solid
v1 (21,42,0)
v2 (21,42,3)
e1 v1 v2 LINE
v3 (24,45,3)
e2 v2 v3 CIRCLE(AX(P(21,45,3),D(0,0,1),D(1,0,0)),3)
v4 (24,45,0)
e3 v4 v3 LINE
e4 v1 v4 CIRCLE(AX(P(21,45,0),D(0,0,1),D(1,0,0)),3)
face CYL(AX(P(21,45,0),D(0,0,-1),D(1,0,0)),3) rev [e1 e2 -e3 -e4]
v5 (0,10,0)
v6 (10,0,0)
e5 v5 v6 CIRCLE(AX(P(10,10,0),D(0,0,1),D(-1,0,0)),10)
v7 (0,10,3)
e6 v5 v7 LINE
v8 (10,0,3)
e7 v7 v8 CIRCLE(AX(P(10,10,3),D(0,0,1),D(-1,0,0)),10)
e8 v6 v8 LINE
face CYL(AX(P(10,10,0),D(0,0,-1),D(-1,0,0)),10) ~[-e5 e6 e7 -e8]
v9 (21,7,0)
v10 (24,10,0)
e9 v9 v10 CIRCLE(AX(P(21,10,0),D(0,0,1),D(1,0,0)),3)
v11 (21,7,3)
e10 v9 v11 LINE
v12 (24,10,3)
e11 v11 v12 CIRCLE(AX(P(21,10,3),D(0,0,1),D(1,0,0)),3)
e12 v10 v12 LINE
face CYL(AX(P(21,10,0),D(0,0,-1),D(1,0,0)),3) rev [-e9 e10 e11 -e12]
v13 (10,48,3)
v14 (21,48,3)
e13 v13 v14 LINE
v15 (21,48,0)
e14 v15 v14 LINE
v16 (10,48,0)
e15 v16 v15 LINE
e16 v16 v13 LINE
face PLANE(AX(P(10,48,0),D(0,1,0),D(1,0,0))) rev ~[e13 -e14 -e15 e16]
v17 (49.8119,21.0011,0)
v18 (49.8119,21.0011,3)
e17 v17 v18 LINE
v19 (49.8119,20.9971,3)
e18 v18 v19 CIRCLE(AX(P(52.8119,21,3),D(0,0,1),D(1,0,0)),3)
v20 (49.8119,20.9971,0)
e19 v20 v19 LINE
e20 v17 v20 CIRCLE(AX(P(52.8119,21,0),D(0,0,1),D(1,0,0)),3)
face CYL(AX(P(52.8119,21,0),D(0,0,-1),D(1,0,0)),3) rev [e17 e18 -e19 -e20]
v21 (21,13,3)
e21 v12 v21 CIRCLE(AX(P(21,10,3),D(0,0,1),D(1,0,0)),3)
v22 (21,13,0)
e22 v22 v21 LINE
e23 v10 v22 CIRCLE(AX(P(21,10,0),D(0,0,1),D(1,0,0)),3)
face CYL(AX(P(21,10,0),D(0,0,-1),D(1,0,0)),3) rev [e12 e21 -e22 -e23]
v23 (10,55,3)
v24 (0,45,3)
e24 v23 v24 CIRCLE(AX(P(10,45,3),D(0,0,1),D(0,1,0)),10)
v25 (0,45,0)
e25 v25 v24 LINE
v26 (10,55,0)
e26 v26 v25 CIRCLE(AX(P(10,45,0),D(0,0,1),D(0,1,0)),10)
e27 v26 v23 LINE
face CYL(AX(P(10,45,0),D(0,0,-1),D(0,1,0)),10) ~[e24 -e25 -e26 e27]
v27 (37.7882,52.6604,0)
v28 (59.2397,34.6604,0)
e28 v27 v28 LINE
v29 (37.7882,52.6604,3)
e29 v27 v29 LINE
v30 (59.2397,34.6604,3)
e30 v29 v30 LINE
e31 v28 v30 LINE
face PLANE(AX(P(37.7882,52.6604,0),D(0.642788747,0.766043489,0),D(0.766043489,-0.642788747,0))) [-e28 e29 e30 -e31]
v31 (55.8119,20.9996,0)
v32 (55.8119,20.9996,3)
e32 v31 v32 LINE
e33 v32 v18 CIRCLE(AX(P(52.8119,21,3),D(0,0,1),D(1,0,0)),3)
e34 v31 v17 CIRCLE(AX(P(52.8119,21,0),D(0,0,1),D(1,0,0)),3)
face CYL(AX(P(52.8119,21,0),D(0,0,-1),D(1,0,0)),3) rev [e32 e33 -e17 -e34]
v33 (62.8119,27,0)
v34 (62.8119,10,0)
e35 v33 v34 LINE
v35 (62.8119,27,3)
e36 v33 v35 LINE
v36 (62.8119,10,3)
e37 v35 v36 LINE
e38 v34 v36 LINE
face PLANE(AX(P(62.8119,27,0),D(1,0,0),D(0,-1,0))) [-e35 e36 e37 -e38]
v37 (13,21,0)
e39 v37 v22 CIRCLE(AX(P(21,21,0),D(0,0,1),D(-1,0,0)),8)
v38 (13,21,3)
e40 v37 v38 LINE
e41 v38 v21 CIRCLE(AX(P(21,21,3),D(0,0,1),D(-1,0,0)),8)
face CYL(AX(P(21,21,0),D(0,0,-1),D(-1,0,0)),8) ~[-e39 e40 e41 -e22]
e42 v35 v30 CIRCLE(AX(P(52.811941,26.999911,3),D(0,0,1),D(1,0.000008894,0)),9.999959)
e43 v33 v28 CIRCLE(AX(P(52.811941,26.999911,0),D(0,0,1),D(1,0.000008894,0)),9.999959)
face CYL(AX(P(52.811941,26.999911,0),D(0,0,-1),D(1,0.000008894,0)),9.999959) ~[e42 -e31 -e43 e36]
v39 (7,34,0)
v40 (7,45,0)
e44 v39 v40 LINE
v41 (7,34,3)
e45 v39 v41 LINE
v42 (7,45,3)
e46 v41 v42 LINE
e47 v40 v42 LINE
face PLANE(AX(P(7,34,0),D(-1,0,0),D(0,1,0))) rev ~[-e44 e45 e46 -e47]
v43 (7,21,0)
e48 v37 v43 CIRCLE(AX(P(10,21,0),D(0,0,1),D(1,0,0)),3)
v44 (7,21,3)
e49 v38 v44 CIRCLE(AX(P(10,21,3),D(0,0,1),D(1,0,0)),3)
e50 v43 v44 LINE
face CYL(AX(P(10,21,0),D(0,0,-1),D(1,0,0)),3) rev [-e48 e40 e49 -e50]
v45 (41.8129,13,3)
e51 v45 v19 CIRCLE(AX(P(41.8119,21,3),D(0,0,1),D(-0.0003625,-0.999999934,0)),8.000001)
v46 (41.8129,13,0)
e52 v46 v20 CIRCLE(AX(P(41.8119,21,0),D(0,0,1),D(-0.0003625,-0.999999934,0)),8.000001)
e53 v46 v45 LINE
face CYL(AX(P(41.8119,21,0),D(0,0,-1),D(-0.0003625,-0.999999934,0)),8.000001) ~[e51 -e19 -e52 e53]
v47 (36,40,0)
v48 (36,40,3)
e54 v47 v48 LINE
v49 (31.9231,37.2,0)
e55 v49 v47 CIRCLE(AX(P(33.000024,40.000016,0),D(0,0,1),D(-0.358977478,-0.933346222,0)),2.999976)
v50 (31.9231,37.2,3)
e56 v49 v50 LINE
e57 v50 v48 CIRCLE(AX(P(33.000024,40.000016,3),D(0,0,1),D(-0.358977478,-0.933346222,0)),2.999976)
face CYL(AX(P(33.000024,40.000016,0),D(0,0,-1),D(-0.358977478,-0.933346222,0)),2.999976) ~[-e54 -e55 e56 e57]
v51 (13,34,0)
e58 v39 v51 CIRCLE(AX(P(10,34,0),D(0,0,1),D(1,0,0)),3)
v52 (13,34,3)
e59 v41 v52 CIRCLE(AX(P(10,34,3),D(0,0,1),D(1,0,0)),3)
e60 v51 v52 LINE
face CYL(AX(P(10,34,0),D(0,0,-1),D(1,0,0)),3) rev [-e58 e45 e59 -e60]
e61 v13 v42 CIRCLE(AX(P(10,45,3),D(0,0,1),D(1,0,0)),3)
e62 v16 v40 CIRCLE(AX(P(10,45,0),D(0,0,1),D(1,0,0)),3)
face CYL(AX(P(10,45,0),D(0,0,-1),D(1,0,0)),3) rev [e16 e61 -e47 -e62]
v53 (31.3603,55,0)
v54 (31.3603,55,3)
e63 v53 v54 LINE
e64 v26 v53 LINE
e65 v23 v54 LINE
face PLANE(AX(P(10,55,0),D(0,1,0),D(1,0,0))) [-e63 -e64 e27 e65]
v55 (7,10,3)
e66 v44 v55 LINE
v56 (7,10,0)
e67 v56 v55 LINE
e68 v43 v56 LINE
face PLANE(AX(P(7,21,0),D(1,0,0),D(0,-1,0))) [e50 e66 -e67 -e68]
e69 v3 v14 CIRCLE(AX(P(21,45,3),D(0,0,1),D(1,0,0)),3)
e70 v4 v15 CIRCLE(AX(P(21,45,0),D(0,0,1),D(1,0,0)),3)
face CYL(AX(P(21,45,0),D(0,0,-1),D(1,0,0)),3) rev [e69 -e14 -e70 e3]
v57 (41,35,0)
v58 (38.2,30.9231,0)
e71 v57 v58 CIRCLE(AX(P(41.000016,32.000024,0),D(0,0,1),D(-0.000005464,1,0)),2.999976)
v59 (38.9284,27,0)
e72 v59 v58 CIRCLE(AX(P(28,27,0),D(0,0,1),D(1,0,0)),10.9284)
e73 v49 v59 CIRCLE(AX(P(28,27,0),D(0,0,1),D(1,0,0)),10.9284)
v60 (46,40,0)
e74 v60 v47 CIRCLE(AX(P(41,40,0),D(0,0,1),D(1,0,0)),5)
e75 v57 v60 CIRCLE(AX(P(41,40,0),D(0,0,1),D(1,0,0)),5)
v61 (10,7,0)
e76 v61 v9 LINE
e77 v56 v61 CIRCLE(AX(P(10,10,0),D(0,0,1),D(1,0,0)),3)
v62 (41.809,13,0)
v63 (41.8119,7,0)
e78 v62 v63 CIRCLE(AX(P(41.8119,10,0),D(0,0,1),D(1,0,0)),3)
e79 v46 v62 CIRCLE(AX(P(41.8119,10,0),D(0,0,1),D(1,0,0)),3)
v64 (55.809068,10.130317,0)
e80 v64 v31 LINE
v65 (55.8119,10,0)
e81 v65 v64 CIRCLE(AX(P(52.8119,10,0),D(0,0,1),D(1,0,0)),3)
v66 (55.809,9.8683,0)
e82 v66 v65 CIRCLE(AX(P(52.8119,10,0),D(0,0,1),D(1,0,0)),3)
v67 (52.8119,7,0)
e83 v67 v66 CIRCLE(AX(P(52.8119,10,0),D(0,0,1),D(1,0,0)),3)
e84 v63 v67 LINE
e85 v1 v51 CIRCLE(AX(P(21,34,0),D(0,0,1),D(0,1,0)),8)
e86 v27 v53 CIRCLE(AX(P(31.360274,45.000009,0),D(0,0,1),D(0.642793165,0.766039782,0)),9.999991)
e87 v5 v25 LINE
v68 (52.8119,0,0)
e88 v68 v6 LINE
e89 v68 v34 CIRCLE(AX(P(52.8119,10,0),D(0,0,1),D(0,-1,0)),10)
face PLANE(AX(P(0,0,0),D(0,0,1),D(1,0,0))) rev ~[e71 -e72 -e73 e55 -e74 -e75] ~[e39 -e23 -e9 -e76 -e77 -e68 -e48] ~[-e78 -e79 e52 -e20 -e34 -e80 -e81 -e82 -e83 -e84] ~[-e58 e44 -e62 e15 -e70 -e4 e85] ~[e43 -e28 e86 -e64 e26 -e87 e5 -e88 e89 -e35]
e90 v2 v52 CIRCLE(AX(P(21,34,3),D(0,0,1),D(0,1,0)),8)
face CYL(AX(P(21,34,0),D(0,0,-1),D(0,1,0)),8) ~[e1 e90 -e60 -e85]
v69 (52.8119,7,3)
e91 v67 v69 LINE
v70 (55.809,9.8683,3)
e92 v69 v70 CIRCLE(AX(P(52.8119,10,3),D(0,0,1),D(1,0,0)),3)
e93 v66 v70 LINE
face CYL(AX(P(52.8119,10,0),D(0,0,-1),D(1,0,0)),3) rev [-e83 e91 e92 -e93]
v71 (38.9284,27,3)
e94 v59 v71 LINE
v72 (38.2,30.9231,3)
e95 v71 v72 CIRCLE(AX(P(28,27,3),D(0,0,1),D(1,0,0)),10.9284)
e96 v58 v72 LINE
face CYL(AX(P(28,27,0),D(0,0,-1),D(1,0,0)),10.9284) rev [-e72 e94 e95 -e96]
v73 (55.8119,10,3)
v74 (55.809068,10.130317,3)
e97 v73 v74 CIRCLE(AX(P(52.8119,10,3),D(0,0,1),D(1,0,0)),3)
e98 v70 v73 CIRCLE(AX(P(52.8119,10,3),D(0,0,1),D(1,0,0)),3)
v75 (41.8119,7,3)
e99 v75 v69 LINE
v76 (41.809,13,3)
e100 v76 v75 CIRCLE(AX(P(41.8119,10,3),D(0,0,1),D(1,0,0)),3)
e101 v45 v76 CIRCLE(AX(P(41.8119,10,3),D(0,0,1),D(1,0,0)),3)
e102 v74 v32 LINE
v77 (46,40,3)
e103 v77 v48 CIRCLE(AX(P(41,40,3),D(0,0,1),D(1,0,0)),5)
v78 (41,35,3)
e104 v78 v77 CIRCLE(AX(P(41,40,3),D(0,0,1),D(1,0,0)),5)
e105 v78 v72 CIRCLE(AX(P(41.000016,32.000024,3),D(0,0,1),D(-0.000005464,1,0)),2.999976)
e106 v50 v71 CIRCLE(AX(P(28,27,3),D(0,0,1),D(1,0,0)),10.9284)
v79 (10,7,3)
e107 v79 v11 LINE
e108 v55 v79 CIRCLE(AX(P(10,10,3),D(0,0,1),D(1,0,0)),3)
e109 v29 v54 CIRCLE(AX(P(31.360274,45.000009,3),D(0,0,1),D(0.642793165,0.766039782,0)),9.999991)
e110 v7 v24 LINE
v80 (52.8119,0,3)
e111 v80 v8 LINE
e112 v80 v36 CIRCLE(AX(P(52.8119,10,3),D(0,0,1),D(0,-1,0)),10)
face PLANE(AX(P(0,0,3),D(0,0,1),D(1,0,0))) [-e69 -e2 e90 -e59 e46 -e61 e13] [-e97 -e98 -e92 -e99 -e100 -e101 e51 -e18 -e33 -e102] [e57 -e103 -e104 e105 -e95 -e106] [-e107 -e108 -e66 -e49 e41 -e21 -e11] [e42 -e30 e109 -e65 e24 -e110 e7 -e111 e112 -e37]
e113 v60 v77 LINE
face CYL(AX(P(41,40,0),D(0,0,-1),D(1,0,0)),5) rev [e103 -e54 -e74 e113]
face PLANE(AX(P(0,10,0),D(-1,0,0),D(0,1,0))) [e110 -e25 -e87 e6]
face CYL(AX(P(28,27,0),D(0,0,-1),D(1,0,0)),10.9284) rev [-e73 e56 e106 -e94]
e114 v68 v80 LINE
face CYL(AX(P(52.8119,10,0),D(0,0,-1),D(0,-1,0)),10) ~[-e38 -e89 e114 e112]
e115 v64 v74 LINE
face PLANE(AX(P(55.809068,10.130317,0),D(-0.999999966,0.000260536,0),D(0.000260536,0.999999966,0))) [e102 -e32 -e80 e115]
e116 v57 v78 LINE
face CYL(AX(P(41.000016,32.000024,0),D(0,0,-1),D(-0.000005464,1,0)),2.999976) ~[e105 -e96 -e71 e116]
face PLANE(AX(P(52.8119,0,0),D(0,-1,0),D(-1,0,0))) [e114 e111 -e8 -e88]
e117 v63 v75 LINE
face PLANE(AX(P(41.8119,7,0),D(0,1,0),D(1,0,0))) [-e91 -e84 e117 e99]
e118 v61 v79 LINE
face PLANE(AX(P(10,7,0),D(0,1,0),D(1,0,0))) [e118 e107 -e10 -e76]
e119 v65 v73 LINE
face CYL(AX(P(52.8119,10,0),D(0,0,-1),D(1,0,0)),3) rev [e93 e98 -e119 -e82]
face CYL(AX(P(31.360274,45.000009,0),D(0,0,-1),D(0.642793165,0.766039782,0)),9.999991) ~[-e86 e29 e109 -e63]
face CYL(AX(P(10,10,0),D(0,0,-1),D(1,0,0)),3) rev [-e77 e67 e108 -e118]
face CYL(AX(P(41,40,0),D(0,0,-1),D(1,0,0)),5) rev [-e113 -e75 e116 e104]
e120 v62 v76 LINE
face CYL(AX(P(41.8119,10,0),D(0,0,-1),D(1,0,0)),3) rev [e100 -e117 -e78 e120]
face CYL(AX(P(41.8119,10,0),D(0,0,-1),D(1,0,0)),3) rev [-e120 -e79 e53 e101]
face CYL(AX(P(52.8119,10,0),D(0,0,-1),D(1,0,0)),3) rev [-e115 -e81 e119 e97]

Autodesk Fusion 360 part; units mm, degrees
sketch "Sketch3" plane through (0, 0, 0) normal (0, 0, 1) x (1, 0, 0)
  line L0 (0, 10) -> (0, 45)
  line L1 (10, 55) -> (31.3603, 55)
  line L2 (52.8119, 0) -> (10, 0)
  line L3 (62.8119, 27) -> (52.8119, 27) construction
  line L4 (62.8119, 27) -> (62.8119, 10)
  line L5 (37.7882, 52.6604) -> (59.2397, 34.6604)
  arc A0 (62.8119, 27) -> (59.2397, 34.6604) centre (52.8119, 27) ccw
  arc A1 (37.7882, 52.6604) -> (31.3603, 55) centre (31.3603, 45) ccw
  arc A2 (10, 55) -> (0, 45) centre (10, 45) ccw
  arc A3 (52.8119, 0) -> (62.8119, 10) centre (52.8119, 10) ccw
  arc A4 (0, 10) -> (10, 0) centre (10, 10) ccw
  line L6 (0, 27) -> (28, 27) construction
  line L7 (0, 40) -> (41, 40) construction
  circle A5 centre (41, 40) radius 5
  circle A6 centre (10, 10) radius 3
  circle A7 centre (21, 10) radius 3
  circle A8 centre (10, 21) radius 3
  line L8 (7, 21) -> (7, 10)
  line L9 (10, 7) -> (21, 7)
  arc A9 (13, 21) -> (21, 13) centre (21, 21) ccw
  circle A10 centre (52.8119, 10) radius 3
  circle A11 centre (41.8119, 10) radius 3
  circle A12 centre (52.8119, 21) radius 3
  line L10 (41.8119, 7) -> (52.8119, 7)
  line L11 (55.809, 9.8683) -> (55.8119, 20.9992)
  line L12 (49.8119, 21.0011) -> (49.8119, 20.9971)
  line L13 (41.809, 13) -> (41.8129, 13)
  arc A13 (41.809, 13) -> (49.8119, 20.9971) centre (41.8119, 21) ccw
  circle A14 centre (10, 45) radius 3
  circle A15 centre (21, 45) radius 3
  circle A16 centre (10, 34) radius 3
  line L14 (7, 34) -> (7, 45)
  line L15 (10, 48) -> (21, 48)
  line L16 (21, 42) -> (21, 42)
  arc A17 (21, 42) -> (13, 34) centre (21, 34) ccw
  line L17 (41, 40) -> (41, 32) construction
  line L18 (41, 40) -> (33, 40) construction
  circle A18 centre (28, 27) radius 10.9284
  arc A19 (31.9231, 37.2) -> (36, 40) centre (33, 40) ccw
  arc A20 (41, 35) -> (38.2, 30.9231) centre (41, 32) ccw
  point P0 (0, 55)
  point P1 (60, 55)
  point P2 (35, 55)
  dimension "d35" = 55
  dimension "d36" = 60
  dimension "d37" = 25
  dimension "d39" = 10
  dimension "d40" = 28
  dimension "d41" = 20
  dimension "d42" = 140
  dimension "d43" = 10
  dimension "d44" = 10
  dimension "d45" = 10
  dimension "d46" = 10
  dimension "d51" = 28
  dimension "d52" = 28
  dimension "d53" = 41
  dimension "d54" = 15
  dimension "d55" = 10
  dimension "d56" = 6
  dimension "d57" = 6
  dimension "d58" = 6
  dimension "d60" = 55
  dimension "d62" = 11
  dimension "d63" = 11
  dimension "d64" = 8
  dimension "d65" = 6
  dimension "d66" = 6
  dimension "d67" = 6
  dimension "d68" = 8
  dimension "d69" = 11
  dimension "d70" = 11
  dimension "d71" = 6
  dimension "d72" = 6
  dimension "d73" = 6
  dimension "d74" = 11
  dimension "d75" = 11
  dimension "d76" = 8
  dimension "d79" = 8
  dimension "d80" = 8
extrude "Extrude3" add sketch "Sketch3" along normal blind 3
